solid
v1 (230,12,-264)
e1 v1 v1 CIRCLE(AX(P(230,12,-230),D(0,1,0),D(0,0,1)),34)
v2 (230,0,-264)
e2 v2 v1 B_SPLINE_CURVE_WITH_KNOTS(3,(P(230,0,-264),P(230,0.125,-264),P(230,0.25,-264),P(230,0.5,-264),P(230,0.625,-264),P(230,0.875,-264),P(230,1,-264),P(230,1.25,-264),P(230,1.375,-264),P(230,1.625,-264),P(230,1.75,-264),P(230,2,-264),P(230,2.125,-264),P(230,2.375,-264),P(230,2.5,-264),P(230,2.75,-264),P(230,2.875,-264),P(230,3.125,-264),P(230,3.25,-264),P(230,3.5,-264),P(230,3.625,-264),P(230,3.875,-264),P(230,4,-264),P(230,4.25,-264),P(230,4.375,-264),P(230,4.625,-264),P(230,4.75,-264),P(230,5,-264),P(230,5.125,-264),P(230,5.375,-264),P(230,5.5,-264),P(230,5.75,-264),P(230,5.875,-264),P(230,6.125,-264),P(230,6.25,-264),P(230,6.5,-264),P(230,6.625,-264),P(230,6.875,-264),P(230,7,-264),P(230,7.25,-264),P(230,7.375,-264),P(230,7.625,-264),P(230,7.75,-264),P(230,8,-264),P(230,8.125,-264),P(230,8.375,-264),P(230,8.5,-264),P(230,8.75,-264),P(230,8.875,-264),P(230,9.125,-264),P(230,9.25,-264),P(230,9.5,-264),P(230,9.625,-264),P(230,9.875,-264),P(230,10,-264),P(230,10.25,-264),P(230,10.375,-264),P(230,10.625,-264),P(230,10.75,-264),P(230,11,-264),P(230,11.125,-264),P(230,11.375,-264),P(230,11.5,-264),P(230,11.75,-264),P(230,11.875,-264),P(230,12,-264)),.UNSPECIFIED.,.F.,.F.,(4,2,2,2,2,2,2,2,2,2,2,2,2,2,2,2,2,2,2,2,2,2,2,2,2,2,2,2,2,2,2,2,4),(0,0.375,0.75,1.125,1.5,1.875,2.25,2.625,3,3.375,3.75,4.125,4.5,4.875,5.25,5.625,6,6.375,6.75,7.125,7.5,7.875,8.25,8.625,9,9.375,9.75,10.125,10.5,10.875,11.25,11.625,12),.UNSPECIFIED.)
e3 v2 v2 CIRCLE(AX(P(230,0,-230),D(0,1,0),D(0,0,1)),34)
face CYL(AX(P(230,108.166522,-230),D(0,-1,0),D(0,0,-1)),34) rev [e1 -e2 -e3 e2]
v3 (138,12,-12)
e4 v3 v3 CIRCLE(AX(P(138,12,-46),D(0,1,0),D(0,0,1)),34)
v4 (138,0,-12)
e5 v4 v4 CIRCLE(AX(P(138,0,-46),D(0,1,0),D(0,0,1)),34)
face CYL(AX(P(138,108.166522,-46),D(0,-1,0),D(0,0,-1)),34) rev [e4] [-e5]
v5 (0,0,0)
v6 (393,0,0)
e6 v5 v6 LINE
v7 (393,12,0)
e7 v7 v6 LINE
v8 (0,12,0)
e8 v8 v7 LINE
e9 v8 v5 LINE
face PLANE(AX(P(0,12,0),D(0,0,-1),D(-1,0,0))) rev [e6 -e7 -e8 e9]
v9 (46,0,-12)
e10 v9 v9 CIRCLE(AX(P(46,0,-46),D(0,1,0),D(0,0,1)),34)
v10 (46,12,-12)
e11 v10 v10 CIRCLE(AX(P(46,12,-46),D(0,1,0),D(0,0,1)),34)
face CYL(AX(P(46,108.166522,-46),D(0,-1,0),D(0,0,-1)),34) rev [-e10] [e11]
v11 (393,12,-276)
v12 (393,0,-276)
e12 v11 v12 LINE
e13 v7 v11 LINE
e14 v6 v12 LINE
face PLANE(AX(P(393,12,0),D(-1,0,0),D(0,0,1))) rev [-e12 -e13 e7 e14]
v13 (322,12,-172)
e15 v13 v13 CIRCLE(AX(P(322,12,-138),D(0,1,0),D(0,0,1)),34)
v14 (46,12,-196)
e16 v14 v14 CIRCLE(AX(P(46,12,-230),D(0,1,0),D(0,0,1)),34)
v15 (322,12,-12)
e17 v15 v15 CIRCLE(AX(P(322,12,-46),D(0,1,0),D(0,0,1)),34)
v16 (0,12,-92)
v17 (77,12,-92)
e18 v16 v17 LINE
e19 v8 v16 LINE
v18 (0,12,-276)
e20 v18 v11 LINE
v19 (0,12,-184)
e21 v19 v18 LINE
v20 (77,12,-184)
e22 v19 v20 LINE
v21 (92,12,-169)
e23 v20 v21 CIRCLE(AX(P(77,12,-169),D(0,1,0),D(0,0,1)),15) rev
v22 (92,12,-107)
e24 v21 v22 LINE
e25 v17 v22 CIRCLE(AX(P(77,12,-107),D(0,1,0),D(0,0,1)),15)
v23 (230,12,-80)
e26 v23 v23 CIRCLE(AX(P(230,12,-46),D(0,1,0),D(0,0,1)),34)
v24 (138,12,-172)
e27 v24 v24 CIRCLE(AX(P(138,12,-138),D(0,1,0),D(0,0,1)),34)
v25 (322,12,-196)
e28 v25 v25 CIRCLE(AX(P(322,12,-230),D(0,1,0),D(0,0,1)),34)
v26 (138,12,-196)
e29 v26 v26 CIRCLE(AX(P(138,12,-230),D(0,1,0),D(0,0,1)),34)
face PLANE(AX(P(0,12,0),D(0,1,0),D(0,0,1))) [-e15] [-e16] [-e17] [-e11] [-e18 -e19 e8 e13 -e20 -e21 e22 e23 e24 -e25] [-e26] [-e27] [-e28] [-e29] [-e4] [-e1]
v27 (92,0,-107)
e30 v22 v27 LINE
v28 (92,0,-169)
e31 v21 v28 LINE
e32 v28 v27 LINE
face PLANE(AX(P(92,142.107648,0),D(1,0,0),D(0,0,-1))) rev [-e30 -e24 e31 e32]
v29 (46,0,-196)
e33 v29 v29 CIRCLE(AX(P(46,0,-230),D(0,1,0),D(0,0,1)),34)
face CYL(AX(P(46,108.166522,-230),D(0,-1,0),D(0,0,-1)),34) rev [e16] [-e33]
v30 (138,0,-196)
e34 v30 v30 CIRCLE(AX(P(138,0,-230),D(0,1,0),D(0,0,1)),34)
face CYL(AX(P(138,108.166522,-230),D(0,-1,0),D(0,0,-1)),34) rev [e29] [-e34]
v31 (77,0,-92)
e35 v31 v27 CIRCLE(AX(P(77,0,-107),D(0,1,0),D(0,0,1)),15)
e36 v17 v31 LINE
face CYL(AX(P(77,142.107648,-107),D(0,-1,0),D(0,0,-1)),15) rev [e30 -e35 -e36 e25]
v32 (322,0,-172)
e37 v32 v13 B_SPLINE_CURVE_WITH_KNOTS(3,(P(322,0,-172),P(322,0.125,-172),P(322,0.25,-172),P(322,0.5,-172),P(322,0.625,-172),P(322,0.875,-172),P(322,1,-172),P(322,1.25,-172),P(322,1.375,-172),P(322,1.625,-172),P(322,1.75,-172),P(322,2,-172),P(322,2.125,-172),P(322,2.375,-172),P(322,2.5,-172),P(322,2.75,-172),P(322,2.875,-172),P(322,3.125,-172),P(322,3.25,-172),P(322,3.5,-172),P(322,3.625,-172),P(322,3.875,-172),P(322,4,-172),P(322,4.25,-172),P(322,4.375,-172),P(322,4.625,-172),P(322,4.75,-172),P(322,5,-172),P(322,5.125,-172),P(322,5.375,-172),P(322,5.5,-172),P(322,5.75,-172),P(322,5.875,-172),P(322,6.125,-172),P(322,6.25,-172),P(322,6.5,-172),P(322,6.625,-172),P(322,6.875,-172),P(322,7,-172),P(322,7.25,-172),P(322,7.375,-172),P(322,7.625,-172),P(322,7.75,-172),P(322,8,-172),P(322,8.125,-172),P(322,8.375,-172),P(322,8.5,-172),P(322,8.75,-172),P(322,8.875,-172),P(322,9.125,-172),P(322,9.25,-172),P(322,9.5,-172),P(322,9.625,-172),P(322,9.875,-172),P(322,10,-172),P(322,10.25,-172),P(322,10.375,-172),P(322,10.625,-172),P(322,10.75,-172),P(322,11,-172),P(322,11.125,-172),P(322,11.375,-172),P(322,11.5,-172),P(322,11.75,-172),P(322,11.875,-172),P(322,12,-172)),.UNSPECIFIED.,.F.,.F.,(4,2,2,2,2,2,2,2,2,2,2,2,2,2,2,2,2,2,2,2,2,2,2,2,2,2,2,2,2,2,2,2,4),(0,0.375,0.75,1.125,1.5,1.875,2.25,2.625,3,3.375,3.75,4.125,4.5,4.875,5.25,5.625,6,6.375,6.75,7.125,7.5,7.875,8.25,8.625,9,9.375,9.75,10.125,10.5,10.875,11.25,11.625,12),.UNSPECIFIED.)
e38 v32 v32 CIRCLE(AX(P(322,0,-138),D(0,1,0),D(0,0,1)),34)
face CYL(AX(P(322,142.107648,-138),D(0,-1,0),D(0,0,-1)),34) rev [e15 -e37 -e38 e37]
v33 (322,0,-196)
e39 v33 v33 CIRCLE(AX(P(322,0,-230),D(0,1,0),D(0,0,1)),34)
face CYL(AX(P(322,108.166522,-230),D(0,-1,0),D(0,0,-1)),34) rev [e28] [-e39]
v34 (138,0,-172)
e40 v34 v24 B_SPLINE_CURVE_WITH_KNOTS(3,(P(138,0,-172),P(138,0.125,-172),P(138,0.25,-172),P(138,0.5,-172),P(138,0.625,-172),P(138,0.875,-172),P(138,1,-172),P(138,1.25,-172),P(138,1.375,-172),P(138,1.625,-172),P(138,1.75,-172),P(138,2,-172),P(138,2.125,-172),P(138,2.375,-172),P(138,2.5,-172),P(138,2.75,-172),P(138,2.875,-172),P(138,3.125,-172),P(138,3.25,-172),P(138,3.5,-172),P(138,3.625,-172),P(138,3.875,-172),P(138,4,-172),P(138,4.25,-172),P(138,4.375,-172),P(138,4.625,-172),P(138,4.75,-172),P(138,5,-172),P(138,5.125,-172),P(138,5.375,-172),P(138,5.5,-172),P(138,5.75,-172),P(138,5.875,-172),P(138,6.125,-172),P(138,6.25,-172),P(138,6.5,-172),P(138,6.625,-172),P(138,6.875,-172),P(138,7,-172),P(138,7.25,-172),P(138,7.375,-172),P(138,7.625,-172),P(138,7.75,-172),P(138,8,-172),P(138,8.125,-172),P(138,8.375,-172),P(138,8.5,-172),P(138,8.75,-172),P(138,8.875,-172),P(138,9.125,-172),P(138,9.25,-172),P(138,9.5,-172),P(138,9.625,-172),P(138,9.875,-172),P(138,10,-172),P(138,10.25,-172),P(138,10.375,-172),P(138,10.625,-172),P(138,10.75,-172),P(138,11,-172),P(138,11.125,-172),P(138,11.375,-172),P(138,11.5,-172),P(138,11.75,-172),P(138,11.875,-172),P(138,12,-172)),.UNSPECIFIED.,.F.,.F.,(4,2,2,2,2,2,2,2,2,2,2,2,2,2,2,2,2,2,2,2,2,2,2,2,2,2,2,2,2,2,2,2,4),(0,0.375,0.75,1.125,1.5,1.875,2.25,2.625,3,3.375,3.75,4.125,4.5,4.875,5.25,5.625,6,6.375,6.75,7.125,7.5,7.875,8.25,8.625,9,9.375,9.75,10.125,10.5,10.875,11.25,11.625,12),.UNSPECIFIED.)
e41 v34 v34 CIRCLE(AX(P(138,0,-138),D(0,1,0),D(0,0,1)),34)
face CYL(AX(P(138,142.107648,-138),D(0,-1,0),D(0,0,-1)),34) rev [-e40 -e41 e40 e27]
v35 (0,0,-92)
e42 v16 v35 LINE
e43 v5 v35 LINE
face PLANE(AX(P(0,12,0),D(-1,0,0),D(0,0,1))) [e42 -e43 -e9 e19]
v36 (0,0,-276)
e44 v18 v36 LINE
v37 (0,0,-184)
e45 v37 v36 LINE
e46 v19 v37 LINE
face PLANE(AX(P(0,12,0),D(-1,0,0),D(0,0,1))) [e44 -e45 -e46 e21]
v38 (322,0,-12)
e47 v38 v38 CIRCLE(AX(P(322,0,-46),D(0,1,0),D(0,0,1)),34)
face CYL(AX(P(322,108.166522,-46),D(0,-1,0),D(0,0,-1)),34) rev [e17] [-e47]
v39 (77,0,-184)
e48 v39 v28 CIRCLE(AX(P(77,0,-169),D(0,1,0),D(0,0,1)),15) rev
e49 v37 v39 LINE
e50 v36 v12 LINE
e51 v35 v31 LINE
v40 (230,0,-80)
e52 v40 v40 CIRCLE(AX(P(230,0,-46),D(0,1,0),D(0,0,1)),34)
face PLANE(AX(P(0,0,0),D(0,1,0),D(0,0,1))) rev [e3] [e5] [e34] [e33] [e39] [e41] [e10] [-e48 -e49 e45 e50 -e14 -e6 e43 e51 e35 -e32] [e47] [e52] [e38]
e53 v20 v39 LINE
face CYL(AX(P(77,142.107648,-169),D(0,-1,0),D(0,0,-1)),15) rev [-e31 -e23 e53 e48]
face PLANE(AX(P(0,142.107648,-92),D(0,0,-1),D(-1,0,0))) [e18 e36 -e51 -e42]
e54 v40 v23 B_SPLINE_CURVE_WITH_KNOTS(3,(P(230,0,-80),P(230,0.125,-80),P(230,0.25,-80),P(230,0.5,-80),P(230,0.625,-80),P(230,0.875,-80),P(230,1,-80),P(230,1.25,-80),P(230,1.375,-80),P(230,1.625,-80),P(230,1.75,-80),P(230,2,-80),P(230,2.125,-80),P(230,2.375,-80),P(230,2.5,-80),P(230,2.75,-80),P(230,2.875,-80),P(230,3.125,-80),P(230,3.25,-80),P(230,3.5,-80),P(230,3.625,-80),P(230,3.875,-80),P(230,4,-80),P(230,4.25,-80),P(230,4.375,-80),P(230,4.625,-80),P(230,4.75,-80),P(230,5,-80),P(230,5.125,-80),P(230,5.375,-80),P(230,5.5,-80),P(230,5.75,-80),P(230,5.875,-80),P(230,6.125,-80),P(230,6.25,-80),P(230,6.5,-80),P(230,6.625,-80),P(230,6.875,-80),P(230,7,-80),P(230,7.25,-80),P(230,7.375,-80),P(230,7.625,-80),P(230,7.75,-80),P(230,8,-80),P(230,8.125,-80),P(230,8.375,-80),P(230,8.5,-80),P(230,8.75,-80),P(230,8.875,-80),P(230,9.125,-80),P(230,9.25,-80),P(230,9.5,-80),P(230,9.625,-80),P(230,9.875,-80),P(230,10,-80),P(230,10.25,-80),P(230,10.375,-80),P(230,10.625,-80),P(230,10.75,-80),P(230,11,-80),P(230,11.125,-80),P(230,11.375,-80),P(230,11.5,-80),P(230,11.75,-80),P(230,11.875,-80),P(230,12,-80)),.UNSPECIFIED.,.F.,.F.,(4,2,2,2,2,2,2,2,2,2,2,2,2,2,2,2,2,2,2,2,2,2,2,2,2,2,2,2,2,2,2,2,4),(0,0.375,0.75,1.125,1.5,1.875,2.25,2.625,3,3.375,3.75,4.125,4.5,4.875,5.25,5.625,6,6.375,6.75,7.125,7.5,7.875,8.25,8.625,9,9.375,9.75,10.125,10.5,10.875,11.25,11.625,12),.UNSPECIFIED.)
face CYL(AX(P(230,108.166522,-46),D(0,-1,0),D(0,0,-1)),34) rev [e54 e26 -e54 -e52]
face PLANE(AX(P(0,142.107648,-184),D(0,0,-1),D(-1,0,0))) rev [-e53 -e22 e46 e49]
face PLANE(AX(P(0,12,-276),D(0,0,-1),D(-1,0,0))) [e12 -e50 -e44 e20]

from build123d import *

# Parameters (mm, degrees)
SKETCH1_W           = 393
SKETCH1_H           = 276
BOSS_EXTRUDE1_DEPTH = 12
SKETCH1_3_R         = 34
CUT_EXTRUDE1_DEPTH  = 12
LPATTERN1_COUNT     = 4
LPATTERN1_PITCH     = 92
SKETCH1_4_R         = 34
CUT_EXTRUDE3_DEPTH  = 12


with BuildPart() as part:
    # Sketch1 → Boss-Extrude1 (new body)
    with BuildSketch(Plane(origin=(0, 0, 0), x_dir=(1, 0, 0), z_dir=(0, 1, 0))):
        with Locations((196.5, 138)):
            Rectangle(SKETCH1_W, SKETCH1_H)
    extrude(amount=BOSS_EXTRUDE1_DEPTH)

    # Sketch1<3> → Cut-Extrude1 (cut)
    with BuildSketch(Plane(origin=(0, 0, 0), x_dir=(1, 0, 0), z_dir=(0, 1, 0))):
        with Locations(Location((46, 46, 0), (0, 0, 270))):
            Circle(SKETCH1_3_R)
        with Locations(Location((46, 230, 0), (0, 0, 270))):
            Circle(SKETCH1_3_R)
    cut_extrude1 = extrude(amount=CUT_EXTRUDE1_DEPTH, mode=Mode.SUBTRACT)

    # LPattern1: Cut-Extrude1 ×4
    with Locations(*[(i * LPATTERN1_PITCH, 0, 0) for i in range(1, LPATTERN1_COUNT)]):
        add(cut_extrude1, mode=Mode.SUBTRACT)

    # Sketch1<4> → Cut-Extrude3 (cut)
    with BuildSketch(Plane(origin=(0, 0, 0), x_dir=(1, 0, 0), z_dir=(0, 1, 0))):
        with BuildLine():
            Line((0, 184), (0, 92))
            Line((0, 92), (77, 92))
            ThreePointArc((77, 92), (87.606601718, 96.393398282), (92, 107))
            Line((92, 107), (92, 169))
            ThreePointArc((92, 169), (87.606601718, 179.606601718), (77, 184))
            Line((77, 184), (0, 184))
        make_face()
        with Locations(Location((138, 138, 0), (0, 0, 90))):
            Circle(SKETCH1_4_R)
        with Locations(Location((322, 138, 0), (0, 0, 90))):
            Circle(SKETCH1_4_R)
    extrude(amount=CUT_EXTRUDE3_DEPTH, mode=Mode.SUBTRACT)


solid = part.part
